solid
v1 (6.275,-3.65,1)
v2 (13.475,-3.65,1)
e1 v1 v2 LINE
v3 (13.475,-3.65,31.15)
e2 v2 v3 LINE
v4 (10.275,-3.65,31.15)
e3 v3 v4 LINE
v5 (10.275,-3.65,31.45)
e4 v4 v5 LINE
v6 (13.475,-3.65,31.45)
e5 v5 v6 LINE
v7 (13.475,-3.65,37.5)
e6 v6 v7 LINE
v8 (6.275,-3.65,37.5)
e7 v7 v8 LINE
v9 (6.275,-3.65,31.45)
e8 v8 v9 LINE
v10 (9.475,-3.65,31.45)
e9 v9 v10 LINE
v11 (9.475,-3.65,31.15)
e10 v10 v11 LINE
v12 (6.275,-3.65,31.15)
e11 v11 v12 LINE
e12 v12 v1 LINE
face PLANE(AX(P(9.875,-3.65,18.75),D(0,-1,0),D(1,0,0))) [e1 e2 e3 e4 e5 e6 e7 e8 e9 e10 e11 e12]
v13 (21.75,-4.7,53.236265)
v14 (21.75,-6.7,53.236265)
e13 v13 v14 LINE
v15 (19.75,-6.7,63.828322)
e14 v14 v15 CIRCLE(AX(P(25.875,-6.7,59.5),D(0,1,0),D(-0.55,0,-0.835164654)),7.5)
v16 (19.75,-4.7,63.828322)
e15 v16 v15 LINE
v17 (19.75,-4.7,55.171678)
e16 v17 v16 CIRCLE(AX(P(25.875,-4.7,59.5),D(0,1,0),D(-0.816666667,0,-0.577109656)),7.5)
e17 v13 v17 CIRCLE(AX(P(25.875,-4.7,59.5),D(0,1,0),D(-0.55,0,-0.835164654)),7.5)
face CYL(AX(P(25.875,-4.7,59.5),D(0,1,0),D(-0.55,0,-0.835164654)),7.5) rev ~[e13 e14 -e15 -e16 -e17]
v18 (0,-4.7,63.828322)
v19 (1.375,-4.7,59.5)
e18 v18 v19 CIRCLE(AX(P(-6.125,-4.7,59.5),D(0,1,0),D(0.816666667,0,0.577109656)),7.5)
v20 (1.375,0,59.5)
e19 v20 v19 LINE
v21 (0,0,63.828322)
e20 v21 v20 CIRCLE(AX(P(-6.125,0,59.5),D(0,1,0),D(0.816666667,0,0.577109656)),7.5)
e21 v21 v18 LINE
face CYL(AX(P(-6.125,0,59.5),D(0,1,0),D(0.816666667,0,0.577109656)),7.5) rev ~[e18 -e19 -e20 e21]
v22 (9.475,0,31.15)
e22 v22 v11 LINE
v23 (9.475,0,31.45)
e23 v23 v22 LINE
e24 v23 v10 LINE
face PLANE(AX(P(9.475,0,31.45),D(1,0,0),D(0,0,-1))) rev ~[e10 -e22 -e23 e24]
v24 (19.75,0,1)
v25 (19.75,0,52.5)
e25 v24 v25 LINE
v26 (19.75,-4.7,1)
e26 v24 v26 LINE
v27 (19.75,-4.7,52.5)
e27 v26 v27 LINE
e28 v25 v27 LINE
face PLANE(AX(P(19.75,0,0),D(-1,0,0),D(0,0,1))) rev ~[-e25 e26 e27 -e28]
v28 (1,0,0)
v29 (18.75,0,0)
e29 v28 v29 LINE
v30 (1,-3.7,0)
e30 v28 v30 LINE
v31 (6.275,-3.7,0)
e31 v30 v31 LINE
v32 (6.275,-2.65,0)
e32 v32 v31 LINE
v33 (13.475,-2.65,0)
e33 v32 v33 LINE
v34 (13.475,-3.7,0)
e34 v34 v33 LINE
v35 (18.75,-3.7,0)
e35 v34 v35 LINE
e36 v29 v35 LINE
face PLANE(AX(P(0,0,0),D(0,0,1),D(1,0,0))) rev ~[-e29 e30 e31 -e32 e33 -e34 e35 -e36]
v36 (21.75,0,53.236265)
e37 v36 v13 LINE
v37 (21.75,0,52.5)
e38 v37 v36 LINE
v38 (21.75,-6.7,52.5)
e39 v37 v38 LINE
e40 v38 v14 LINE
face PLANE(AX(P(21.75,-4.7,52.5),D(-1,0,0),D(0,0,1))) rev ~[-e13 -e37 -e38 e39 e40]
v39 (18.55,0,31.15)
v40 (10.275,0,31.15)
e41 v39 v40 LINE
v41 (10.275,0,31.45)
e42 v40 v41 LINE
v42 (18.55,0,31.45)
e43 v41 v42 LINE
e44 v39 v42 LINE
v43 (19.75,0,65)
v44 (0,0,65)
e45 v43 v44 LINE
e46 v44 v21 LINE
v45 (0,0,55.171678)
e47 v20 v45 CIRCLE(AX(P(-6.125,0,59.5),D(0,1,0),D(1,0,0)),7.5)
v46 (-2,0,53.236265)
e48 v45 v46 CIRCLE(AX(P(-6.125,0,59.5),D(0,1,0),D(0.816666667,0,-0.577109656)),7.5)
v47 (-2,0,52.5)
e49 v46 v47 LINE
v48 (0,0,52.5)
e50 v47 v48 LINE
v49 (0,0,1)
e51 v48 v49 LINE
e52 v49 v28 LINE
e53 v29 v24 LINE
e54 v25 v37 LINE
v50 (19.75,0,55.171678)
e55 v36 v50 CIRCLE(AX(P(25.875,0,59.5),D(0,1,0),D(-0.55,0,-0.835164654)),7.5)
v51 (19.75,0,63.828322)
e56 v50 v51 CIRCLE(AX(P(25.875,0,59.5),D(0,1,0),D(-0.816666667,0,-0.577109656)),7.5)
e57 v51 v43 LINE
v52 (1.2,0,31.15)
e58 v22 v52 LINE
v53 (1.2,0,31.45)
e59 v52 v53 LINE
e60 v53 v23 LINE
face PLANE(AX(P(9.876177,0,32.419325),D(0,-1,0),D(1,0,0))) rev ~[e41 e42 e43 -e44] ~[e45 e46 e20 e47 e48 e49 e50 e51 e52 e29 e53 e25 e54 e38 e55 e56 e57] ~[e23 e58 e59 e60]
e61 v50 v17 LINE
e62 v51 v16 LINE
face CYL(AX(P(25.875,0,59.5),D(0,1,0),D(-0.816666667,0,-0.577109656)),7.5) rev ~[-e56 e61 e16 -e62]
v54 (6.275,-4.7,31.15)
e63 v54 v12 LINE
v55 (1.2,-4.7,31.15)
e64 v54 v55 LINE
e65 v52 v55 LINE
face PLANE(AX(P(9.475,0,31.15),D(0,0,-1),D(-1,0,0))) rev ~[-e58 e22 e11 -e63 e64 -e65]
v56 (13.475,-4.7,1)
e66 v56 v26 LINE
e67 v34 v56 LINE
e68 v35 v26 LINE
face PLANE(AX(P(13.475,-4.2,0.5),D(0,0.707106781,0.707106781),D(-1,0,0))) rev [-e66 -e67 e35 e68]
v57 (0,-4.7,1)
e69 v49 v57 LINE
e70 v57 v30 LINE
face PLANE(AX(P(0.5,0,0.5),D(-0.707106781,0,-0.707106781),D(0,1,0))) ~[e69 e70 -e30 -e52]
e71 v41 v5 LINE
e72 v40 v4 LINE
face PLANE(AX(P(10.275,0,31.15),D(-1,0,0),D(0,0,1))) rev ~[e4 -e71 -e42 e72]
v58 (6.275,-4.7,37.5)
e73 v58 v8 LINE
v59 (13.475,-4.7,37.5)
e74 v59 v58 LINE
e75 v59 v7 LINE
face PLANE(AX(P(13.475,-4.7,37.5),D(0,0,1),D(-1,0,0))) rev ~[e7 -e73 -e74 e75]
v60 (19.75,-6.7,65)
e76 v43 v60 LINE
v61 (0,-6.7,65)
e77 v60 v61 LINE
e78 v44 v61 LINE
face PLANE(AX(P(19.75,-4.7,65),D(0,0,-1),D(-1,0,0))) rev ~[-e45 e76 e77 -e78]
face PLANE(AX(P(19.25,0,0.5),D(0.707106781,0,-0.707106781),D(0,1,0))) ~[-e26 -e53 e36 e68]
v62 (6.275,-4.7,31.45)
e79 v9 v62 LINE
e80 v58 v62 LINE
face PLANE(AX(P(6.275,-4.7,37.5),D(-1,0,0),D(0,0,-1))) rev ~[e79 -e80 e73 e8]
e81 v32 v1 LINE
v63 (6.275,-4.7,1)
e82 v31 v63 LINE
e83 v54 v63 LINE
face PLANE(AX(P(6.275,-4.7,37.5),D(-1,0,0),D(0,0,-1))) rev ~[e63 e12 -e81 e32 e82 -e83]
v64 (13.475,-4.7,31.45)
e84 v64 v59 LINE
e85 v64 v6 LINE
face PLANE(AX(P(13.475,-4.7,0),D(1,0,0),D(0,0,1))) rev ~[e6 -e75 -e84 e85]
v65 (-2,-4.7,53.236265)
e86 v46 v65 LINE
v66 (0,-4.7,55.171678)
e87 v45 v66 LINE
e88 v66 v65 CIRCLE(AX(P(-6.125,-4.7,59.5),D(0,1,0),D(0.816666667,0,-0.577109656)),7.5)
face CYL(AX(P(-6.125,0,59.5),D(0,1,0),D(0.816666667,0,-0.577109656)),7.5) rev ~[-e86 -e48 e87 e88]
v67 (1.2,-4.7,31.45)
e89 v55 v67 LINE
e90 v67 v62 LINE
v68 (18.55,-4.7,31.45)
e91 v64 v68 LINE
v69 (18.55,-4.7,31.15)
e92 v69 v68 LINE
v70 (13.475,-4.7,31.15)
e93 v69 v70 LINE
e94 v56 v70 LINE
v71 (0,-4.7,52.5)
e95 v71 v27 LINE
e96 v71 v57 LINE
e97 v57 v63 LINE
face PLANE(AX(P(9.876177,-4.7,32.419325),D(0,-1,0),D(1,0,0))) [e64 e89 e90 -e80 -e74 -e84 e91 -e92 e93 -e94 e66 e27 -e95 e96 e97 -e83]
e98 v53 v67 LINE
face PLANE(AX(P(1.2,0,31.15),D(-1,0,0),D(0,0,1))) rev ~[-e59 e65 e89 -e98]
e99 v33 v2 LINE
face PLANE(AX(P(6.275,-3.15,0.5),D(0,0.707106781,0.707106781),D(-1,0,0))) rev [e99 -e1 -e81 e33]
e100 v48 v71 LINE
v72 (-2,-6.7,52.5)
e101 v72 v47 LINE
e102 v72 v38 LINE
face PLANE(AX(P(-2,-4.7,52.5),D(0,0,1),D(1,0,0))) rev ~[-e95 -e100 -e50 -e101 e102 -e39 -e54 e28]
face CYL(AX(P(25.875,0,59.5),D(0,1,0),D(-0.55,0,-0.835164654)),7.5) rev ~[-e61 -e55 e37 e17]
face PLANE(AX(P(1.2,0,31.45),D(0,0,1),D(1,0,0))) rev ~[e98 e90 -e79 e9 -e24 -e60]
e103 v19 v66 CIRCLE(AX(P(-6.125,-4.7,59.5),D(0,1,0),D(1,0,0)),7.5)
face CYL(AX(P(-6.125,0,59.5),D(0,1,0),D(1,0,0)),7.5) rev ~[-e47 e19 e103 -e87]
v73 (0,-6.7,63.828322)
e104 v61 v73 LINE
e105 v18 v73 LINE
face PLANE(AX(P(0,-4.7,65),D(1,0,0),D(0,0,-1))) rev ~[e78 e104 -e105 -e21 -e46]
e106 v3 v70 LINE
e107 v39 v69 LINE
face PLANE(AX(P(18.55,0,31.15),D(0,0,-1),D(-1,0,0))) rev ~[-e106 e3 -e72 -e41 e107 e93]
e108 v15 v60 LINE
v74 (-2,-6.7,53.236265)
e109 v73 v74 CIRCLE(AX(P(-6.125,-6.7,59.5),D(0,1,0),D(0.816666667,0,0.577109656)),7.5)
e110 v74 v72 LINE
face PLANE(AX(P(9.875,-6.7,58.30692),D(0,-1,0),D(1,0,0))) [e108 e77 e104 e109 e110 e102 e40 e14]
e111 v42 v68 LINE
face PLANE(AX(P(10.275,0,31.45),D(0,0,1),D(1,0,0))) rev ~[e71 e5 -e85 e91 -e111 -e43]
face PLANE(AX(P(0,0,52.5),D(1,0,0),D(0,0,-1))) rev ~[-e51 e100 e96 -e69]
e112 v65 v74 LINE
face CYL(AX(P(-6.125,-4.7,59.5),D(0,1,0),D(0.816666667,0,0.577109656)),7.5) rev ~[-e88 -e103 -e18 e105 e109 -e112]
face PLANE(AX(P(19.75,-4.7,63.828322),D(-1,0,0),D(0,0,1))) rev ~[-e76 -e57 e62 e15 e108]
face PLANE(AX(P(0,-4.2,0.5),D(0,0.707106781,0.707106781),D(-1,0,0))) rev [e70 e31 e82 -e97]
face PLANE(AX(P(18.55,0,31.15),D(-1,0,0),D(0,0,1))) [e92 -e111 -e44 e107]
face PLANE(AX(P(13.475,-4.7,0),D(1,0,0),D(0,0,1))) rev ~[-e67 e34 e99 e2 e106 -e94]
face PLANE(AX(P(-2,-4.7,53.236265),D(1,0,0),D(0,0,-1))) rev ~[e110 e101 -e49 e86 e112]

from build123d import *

# Parameters (mm, degrees)
F0_W     = 1.2
F0_H     = 0.3
F1_DEPTH = 4.7
F3_DEPTH = 1.05
F6_DEPTH = 2
F7_SIZE  = 1


with BuildPart() as f1:
    # F0 (on Front) → F1 (new body)
    with BuildSketch(Plane.XZ):
        with BuildLine():
            Line((0, 31.15), (0, 0))
            Line((0, 0), (19.75, 0))
            Line((19.75, 0), (19.75, 31.15))
            Line((19.75, 31.15), (18.55, 31.15))
            Line((18.55, 31.15), (10.275, 31.15))
            Line((10.275, 31.15), (10.275, 31.45))
            Line((10.275, 31.45), (18.55, 31.45))
            Line((18.55, 31.45), (19.75, 31.45))
            Line((19.75, 31.45), (19.75, 52.5))
            Line((19.75, 52.5), (19.75, 55.1716775767))
            ThreePointArc((19.75, 55.1716775767), (18.375, 59.5), (19.75, 63.8283224233))
            Line((19.75, 63.8283224233), (19.75, 65))
            Line((19.75, 65), (0, 65))
            Line((0, 65), (0, 63.8283224233))
            ThreePointArc((0, 63.8283224233), (1.0229892277, 61.7707377656), (1.375, 59.5))
            ThreePointArc((1.375, 59.5), (1.0229892277, 57.2292622344), (0, 55.1716775767))
            Line((0, 55.1716775767), (0, 52.5))
            Line((0, 52.5), (0, 31.45))
            Line((0, 31.45), (1.2, 31.45))
            Line((1.2, 31.45), (9.475, 31.45))
            Line((9.475, 31.45), (9.475, 31.15))
            Line((9.475, 31.15), (1.2, 31.15))
            Line((1.2, 31.15), (0, 31.15))
        make_face()
        with BuildLine():
            Line((-2, 52.5), (0, 52.5))
            Line((0, 52.5), (0, 55.1716775767))
            ThreePointArc((0, 55.1716775767), (-0.9094386331, 54.1103878035), (-2, 53.2362650918))
            Line((-2, 53.2362650918), (-2, 52.5))
        make_face()
        with BuildLine():
            Line((19.75, 55.1716775767), (19.75, 52.5))
            Line((19.75, 52.5), (21.75, 52.5))
            Line((21.75, 52.5), (21.75, 53.2362650918))
            ThreePointArc((21.75, 53.2362650918), (20.6594386331, 54.1103878035), (19.75, 55.1716775767))
        make_face()
        with Locations((0.6, 31.3)):
            Rectangle(F0_W, F0_H)
        with Locations((19.15, 31.3)):
            Rectangle(F0_W, F0_H)
    extrude(amount=F1_DEPTH)

    # F2 (on face) → F3 (cut)
    with BuildSketch(Plane.XZ.offset(4.7)):
        Polygon((13.475, 37.5), (6.275, 37.5), (6.275, 2.2), (6.275, 0), (13.475, 0), (13.475, 2.2), align=None)
    extrude(amount=-F3_DEPTH, mode=Mode.SUBTRACT)

    # F5 (on face) → F6 (join)
    with BuildSketch(Plane.XZ.offset(4.7)):
        with BuildLine():
            Line((-2, 52.5), (0, 52.5))
            Line((0, 52.5), (19.75, 52.5))
            Line((19.75, 52.5), (21.75, 52.5))
            Line((21.75, 52.5), (21.75, 53.2362650918))
            ThreePointArc((21.75, 53.2362650918), (18.5052276407, 58.1084342015), (19.75, 63.8283224233))
            Line((19.75, 63.8283224233), (19.75, 65))
            Line((19.75, 65), (0, 65))
            Line((0, 65), (0, 63.8283224233))
            ThreePointArc((0, 63.8283224233), (1.2447723593, 58.1084342015), (-2, 53.2362650918))
            Line((-2, 53.2362650918), (-2, 52.5))
        make_face()
    extrude(amount=F6_DEPTH)

    # F7
    f7_edges = [f1.edges().sort_by_distance(p)[0] for p in [
        (0, -2.35, 0),
        (19.75, -2.35, 0),
        (3.1375, -4.7, 0),
        (16.6125, -4.7, 0),
        (9.875, -3.65, 0),
    ]]
    chamfer(f7_edges, length=F7_SIZE)


solid = f1.part
